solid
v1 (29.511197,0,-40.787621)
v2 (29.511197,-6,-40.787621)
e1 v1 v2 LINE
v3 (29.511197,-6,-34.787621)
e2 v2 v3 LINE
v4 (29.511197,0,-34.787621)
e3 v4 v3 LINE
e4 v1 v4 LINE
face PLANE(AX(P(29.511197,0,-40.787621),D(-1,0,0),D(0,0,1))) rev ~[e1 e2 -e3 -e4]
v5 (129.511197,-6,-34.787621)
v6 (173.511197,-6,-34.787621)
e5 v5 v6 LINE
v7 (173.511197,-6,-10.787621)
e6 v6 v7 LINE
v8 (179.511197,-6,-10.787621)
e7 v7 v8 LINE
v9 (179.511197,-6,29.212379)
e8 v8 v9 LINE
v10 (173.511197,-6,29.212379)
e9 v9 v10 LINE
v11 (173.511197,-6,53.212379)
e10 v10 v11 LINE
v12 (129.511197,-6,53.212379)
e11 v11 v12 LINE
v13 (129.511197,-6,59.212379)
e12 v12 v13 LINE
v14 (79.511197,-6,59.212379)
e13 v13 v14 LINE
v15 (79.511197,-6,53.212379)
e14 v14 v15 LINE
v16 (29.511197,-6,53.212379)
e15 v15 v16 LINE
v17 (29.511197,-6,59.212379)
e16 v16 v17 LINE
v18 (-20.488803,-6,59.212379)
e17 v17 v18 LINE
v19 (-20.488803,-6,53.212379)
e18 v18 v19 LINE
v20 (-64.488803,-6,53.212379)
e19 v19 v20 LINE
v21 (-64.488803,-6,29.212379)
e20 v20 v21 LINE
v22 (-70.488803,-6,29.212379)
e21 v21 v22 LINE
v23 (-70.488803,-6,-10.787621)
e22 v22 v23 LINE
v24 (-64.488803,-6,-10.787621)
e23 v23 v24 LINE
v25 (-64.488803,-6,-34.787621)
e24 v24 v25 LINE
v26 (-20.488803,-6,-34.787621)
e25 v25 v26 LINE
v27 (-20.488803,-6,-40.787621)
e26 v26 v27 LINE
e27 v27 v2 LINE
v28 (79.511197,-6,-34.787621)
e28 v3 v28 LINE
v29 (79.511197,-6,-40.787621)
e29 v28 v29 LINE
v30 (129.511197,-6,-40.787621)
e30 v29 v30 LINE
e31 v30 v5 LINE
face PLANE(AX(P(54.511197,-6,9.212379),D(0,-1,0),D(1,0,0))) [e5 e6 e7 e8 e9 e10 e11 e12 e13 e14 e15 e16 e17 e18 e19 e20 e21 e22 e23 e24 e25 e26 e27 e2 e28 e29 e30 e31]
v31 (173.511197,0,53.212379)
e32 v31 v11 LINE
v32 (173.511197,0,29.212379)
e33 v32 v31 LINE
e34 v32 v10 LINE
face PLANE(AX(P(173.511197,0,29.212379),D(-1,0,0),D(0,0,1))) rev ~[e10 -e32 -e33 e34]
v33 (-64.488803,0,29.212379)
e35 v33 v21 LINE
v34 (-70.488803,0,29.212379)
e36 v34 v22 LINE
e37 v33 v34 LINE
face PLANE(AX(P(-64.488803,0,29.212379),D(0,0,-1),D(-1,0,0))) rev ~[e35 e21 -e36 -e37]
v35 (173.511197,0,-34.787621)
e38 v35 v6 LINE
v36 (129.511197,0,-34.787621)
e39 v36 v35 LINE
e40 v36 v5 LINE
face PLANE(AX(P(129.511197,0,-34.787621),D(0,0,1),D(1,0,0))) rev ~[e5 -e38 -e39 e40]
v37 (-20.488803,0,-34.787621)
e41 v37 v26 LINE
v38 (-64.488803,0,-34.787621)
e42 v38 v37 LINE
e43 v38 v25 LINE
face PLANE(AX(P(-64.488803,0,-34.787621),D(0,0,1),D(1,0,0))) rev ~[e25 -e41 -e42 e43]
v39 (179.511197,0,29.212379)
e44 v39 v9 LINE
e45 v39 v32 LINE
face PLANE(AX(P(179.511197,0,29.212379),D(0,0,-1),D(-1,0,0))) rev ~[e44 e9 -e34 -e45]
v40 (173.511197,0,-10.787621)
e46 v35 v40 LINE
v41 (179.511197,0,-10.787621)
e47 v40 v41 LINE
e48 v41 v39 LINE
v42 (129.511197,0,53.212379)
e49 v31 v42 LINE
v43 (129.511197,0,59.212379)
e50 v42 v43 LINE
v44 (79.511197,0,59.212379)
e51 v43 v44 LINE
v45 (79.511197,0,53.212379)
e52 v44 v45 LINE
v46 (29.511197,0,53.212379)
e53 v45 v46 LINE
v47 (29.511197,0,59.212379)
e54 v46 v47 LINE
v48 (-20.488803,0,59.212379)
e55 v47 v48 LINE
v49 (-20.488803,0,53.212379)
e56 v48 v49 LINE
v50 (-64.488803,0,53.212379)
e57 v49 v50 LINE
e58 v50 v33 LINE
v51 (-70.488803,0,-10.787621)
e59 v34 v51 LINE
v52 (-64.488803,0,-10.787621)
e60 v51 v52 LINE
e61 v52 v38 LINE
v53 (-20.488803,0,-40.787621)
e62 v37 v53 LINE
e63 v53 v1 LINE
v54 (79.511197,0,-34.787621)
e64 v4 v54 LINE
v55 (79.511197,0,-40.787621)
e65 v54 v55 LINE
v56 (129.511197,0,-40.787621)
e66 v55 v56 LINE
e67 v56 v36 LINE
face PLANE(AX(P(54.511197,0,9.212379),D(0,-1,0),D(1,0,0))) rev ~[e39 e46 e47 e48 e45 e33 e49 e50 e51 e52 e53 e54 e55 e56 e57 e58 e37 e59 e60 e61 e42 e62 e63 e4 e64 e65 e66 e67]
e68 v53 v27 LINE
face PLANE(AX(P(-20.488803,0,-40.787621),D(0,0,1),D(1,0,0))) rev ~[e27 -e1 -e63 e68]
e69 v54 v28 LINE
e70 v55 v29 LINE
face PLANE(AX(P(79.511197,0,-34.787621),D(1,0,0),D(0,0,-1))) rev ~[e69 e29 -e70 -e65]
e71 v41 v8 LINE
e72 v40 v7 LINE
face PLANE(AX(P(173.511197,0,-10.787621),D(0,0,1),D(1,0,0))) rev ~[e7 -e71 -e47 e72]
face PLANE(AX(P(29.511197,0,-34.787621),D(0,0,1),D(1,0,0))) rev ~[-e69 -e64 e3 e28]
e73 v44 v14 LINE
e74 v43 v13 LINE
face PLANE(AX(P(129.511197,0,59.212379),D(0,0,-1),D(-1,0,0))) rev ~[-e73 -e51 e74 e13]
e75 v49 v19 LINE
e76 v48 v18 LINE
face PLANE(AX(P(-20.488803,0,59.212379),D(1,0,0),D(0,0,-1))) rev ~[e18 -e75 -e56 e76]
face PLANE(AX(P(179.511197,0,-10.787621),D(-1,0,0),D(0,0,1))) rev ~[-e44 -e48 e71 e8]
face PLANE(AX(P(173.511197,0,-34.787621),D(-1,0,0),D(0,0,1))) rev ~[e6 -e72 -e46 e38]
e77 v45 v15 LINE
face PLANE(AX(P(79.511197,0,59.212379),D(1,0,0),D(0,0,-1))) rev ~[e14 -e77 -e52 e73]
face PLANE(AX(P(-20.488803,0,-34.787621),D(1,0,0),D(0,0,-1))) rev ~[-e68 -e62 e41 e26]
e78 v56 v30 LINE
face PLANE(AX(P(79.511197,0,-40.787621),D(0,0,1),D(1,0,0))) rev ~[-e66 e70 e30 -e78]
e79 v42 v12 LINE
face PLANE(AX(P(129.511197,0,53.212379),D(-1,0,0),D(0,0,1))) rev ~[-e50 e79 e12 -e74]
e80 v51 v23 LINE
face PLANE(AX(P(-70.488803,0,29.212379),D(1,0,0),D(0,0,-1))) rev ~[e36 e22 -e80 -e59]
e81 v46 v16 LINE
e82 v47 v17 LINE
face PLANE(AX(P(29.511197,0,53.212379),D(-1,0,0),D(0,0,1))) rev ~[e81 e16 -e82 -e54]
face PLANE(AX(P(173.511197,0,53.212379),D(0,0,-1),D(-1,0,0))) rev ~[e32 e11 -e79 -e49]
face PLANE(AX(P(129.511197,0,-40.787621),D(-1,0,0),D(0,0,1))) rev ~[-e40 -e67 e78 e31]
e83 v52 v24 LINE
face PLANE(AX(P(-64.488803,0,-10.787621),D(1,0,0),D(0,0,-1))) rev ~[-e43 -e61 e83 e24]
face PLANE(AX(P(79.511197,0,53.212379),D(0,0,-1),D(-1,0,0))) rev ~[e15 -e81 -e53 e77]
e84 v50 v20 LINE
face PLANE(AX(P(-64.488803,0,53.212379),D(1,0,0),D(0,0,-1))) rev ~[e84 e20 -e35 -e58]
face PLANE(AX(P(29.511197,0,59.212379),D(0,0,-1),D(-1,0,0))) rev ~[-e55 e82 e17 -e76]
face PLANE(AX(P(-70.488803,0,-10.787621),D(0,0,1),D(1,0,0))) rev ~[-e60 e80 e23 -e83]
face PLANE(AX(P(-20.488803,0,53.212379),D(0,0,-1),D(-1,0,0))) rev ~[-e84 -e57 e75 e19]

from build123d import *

# Parameters (mm, degrees)
F1_DEPTH = 6


with BuildPart() as f1:
    # F0 (on Front) → F1 (new body)
    with BuildSketch(Plane.XZ):
        Polygon((-64.488803, -10.787621), (-64.488803, -34.787621), (-20.488803, -34.787621), (-20.488803, -40.787621), (29.511197, -40.787621), (29.511197, -34.787621), (79.511197, -34.787621), (79.511197, -40.787621), (129.511197, -40.787621), (129.511197, -34.787621), (173.511197, -34.787621), (173.511197, -10.787621), (179.511197, -10.787621), (179.511197, 29.212379), (173.511197, 29.212379), (173.511197, 53.212379), (129.511197, 53.212379), (129.511197, 59.212379), (79.511197, 59.212379), (79.511197, 53.212379), (29.511197, 53.212379), (29.511197, 59.212379), (-20.488803, 59.212379), (-20.488803, 53.212379), (-64.488803, 53.212379), (-64.488803, 29.212379), (-70.488803, 29.212379), (-70.488803, -10.787621), align=None)
    extrude(amount=F1_DEPTH)


solid = f1.part
